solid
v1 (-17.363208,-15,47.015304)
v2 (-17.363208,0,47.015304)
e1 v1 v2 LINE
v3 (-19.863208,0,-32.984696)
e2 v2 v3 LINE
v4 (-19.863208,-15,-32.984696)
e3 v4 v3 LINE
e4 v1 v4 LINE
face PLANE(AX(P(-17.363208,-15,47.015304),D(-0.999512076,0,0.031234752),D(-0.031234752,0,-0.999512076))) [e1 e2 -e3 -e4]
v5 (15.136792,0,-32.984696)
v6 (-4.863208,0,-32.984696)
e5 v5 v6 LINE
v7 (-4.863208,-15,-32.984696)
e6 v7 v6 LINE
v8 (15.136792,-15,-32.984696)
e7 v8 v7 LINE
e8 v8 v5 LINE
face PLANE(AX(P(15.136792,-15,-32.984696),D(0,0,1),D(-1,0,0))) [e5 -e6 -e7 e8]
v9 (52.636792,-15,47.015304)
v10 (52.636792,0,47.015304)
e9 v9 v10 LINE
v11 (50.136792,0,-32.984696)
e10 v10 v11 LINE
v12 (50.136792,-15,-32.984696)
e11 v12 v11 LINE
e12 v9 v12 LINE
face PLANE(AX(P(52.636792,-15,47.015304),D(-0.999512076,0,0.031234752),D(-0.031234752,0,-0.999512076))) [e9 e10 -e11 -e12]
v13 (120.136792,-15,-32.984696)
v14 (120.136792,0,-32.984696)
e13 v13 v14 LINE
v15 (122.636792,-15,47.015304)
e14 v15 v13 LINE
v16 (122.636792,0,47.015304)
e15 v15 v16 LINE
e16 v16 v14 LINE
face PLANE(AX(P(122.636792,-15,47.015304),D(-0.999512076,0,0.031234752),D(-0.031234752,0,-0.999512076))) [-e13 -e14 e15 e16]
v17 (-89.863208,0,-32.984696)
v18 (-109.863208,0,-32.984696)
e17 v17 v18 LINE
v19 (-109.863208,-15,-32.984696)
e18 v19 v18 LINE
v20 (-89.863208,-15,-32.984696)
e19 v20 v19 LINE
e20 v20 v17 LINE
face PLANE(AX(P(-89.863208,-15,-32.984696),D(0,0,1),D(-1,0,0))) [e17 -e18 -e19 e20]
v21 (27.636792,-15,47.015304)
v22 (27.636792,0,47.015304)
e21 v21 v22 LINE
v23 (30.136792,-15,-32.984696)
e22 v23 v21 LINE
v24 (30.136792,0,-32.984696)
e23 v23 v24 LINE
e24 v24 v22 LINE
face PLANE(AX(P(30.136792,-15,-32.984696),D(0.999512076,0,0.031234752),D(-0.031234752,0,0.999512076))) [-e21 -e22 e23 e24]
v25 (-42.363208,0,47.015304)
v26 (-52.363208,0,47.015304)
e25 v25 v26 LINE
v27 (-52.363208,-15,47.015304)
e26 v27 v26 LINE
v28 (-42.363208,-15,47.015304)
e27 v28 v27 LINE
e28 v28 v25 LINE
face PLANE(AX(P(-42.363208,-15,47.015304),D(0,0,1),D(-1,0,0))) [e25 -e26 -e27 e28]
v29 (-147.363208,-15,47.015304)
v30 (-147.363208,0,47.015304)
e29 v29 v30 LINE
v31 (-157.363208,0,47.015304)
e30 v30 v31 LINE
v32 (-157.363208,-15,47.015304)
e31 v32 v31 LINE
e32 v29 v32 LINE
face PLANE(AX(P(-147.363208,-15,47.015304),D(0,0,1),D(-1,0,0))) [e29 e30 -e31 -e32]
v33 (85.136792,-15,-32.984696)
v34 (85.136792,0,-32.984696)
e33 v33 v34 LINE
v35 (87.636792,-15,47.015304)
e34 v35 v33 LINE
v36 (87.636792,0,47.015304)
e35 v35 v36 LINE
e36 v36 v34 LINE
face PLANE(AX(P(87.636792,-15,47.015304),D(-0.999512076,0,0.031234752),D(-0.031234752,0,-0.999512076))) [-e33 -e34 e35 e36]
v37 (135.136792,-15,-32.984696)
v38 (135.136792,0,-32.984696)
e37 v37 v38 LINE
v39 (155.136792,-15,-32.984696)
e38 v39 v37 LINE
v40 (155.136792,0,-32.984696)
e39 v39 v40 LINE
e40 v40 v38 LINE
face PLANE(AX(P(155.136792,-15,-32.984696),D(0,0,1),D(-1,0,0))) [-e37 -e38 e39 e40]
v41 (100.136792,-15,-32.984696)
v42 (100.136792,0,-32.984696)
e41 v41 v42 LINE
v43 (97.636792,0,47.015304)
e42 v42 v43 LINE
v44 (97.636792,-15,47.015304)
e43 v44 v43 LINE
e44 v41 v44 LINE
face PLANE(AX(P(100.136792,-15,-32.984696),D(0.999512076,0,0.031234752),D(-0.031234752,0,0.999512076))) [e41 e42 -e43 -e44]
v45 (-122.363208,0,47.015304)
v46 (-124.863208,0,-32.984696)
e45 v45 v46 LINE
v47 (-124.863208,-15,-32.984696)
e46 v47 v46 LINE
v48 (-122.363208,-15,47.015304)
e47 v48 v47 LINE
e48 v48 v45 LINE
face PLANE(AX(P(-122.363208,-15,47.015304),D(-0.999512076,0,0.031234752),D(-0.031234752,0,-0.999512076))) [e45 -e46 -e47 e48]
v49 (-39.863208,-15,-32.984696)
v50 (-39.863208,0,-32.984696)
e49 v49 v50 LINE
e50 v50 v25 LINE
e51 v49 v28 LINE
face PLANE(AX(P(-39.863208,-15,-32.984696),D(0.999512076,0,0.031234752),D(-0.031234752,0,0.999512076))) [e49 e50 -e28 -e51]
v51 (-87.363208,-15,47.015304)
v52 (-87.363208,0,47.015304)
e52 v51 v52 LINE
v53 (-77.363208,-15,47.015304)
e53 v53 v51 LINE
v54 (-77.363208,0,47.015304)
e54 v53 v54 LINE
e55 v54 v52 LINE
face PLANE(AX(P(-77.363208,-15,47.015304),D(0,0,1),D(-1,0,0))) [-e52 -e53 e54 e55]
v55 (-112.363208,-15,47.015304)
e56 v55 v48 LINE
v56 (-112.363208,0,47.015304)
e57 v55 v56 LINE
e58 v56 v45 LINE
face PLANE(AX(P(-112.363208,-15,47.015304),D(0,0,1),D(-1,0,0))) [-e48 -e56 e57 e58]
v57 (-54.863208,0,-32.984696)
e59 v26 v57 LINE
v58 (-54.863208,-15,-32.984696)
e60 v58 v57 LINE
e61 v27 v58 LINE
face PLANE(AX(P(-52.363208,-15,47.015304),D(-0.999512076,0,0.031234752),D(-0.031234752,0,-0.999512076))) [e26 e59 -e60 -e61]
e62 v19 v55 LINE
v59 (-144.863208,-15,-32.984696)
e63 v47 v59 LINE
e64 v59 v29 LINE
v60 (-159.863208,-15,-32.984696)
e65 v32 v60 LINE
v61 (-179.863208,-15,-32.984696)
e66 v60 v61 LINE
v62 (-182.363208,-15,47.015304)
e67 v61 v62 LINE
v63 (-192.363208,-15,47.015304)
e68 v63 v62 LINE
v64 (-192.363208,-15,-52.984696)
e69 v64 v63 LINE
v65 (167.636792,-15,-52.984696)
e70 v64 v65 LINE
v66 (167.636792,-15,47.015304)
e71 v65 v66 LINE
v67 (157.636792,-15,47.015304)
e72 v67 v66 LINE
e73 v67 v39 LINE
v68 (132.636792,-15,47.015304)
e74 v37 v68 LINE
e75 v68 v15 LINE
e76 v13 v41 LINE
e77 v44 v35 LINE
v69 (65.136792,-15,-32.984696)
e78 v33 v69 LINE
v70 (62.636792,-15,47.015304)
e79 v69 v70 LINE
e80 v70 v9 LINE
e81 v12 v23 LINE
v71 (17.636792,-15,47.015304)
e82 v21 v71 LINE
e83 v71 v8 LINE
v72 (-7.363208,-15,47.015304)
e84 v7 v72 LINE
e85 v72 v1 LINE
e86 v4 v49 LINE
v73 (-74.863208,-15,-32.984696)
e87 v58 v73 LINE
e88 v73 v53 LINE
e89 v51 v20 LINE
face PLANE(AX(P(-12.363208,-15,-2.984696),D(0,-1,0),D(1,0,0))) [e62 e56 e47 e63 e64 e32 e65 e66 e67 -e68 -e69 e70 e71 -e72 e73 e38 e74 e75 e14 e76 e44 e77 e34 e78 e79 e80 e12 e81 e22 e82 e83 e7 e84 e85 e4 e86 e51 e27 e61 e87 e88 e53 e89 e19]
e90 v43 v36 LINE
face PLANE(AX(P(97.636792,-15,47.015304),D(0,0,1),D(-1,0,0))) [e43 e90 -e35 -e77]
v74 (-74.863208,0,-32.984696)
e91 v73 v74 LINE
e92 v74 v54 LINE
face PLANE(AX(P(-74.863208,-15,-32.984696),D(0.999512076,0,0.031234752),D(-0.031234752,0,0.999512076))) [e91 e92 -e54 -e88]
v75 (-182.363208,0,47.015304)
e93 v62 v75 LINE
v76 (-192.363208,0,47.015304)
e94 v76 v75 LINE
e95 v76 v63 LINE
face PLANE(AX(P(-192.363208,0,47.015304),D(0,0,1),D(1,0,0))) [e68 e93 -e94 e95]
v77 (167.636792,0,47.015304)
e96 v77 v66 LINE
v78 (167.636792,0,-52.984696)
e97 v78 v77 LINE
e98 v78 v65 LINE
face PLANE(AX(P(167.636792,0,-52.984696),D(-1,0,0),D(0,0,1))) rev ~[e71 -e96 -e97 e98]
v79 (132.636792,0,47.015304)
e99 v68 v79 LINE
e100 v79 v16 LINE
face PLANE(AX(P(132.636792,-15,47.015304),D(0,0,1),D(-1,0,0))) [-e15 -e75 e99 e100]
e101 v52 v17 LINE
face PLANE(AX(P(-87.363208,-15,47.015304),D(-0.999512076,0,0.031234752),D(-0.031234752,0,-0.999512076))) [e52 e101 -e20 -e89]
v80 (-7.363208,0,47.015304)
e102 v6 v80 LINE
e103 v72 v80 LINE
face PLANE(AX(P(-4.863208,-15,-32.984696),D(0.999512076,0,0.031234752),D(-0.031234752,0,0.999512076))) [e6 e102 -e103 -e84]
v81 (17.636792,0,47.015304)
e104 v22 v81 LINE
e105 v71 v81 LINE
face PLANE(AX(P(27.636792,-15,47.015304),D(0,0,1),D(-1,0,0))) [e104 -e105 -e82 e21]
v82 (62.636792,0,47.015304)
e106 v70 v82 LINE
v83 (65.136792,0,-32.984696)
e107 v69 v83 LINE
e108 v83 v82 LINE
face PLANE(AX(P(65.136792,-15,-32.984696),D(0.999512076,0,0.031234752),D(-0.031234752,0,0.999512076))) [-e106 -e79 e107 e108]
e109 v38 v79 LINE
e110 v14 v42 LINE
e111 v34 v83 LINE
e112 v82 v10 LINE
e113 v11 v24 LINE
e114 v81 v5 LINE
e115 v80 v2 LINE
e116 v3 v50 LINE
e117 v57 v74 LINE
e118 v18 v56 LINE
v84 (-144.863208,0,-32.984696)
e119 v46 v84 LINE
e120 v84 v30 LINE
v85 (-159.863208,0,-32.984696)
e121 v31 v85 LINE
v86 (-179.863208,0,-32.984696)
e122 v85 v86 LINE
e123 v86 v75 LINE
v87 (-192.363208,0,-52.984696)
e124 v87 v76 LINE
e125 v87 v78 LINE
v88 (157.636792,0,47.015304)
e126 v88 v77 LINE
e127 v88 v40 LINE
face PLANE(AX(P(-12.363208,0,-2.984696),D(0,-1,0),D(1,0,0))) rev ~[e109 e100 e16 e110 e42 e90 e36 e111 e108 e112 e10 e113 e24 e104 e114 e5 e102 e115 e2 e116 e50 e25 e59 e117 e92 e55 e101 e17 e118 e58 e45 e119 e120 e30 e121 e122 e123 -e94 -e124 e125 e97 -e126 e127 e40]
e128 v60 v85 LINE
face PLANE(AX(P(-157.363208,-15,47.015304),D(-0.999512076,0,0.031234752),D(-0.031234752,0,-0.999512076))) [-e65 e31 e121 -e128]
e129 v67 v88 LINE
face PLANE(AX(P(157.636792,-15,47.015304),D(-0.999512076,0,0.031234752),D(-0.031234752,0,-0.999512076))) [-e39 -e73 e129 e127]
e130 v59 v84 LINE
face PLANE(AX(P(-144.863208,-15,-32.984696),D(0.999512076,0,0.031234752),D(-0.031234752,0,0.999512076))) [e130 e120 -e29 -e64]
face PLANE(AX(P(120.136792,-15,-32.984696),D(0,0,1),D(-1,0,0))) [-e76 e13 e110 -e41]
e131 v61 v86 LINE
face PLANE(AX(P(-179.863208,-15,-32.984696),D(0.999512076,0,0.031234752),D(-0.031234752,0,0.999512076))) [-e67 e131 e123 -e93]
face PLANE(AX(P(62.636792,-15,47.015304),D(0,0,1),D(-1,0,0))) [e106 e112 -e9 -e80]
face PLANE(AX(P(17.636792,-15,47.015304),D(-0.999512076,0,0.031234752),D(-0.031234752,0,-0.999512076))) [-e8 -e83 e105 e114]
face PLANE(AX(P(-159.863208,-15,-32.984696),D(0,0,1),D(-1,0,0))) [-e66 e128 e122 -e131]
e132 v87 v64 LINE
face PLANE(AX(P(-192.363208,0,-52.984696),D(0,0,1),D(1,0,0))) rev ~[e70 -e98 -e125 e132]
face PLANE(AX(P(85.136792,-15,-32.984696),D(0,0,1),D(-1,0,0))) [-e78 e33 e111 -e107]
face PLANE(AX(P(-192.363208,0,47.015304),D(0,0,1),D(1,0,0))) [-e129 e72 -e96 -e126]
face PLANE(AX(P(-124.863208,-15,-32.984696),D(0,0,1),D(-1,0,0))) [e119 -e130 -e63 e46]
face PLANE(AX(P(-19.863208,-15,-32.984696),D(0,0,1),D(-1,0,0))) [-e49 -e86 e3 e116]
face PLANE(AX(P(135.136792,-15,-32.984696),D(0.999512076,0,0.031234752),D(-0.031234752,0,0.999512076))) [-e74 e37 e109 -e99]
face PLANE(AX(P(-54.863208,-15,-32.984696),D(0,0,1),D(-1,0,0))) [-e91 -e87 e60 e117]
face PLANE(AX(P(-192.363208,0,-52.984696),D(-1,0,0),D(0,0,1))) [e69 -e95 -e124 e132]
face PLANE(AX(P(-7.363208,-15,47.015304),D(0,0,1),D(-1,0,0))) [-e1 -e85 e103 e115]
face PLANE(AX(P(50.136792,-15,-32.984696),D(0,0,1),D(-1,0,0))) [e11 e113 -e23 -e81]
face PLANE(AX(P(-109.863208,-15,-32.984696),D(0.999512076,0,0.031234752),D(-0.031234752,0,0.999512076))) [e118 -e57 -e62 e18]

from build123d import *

# Parameters (mm, degrees)
F0_W     = 360
F0_H     = 100
F1_DEPTH = 15
F3_DEPTH = 15


with BuildPart() as f1:
    # F0 (on Front) → F1 (new body)
    with BuildSketch(Plane.XZ):
        with Locations((-12.363208, -2.984696)):
            Rectangle(F0_W, F0_H)
    extrude(amount=F1_DEPTH)

    # F2 (on face) → F3 (intersect, through all)
    with BuildSketch(Plane.XZ.offset(15)):
        Polygon((-182.363208, 47.015304), (-192.363208, 47.015304), (-192.363208, -52.984696), (167.636792, -52.984696), (167.636792, 47.015304), (157.636792, 47.015304), (155.136792, -32.984696), (135.136792, -32.984696), (132.636792, 47.015304), (122.636792, 47.015304), (120.136792, -32.984696), (100.136792, -32.984696), (97.636792, 47.015304), (87.636792, 47.015304), (85.136792, -32.984696), (65.136792, -32.984696), (62.636792, 47.015304), (52.636792, 47.015304), (50.136792, -32.984696), (30.136792, -32.984696), (27.636792, 47.015304), (17.636792, 47.015304), (15.136792, -32.984696), (-4.863208, -32.984696), (-7.363208, 47.015304), (-17.363208, 47.015304), (-19.863208, -32.984696), (-39.863208, -32.984696), (-42.363208, 47.015304), (-52.363208, 47.015304), (-54.863208, -32.984696), (-74.863208, -32.984696), (-77.363208, 47.015304), (-87.363208, 47.015304), (-89.863208, -32.984696), (-109.863208, -32.984696), (-112.363208, 47.015304), (-122.363208, 47.015304), (-124.863208, -32.984696), (-144.863208, -32.984696), (-147.363208, 47.015304), (-157.363208, 47.015304), (-159.863208, -32.984696), (-179.863208, -32.984696), align=None)
    extrude(amount=-F3_DEPTH, mode=Mode.INTERSECT)


solid = f1.part
